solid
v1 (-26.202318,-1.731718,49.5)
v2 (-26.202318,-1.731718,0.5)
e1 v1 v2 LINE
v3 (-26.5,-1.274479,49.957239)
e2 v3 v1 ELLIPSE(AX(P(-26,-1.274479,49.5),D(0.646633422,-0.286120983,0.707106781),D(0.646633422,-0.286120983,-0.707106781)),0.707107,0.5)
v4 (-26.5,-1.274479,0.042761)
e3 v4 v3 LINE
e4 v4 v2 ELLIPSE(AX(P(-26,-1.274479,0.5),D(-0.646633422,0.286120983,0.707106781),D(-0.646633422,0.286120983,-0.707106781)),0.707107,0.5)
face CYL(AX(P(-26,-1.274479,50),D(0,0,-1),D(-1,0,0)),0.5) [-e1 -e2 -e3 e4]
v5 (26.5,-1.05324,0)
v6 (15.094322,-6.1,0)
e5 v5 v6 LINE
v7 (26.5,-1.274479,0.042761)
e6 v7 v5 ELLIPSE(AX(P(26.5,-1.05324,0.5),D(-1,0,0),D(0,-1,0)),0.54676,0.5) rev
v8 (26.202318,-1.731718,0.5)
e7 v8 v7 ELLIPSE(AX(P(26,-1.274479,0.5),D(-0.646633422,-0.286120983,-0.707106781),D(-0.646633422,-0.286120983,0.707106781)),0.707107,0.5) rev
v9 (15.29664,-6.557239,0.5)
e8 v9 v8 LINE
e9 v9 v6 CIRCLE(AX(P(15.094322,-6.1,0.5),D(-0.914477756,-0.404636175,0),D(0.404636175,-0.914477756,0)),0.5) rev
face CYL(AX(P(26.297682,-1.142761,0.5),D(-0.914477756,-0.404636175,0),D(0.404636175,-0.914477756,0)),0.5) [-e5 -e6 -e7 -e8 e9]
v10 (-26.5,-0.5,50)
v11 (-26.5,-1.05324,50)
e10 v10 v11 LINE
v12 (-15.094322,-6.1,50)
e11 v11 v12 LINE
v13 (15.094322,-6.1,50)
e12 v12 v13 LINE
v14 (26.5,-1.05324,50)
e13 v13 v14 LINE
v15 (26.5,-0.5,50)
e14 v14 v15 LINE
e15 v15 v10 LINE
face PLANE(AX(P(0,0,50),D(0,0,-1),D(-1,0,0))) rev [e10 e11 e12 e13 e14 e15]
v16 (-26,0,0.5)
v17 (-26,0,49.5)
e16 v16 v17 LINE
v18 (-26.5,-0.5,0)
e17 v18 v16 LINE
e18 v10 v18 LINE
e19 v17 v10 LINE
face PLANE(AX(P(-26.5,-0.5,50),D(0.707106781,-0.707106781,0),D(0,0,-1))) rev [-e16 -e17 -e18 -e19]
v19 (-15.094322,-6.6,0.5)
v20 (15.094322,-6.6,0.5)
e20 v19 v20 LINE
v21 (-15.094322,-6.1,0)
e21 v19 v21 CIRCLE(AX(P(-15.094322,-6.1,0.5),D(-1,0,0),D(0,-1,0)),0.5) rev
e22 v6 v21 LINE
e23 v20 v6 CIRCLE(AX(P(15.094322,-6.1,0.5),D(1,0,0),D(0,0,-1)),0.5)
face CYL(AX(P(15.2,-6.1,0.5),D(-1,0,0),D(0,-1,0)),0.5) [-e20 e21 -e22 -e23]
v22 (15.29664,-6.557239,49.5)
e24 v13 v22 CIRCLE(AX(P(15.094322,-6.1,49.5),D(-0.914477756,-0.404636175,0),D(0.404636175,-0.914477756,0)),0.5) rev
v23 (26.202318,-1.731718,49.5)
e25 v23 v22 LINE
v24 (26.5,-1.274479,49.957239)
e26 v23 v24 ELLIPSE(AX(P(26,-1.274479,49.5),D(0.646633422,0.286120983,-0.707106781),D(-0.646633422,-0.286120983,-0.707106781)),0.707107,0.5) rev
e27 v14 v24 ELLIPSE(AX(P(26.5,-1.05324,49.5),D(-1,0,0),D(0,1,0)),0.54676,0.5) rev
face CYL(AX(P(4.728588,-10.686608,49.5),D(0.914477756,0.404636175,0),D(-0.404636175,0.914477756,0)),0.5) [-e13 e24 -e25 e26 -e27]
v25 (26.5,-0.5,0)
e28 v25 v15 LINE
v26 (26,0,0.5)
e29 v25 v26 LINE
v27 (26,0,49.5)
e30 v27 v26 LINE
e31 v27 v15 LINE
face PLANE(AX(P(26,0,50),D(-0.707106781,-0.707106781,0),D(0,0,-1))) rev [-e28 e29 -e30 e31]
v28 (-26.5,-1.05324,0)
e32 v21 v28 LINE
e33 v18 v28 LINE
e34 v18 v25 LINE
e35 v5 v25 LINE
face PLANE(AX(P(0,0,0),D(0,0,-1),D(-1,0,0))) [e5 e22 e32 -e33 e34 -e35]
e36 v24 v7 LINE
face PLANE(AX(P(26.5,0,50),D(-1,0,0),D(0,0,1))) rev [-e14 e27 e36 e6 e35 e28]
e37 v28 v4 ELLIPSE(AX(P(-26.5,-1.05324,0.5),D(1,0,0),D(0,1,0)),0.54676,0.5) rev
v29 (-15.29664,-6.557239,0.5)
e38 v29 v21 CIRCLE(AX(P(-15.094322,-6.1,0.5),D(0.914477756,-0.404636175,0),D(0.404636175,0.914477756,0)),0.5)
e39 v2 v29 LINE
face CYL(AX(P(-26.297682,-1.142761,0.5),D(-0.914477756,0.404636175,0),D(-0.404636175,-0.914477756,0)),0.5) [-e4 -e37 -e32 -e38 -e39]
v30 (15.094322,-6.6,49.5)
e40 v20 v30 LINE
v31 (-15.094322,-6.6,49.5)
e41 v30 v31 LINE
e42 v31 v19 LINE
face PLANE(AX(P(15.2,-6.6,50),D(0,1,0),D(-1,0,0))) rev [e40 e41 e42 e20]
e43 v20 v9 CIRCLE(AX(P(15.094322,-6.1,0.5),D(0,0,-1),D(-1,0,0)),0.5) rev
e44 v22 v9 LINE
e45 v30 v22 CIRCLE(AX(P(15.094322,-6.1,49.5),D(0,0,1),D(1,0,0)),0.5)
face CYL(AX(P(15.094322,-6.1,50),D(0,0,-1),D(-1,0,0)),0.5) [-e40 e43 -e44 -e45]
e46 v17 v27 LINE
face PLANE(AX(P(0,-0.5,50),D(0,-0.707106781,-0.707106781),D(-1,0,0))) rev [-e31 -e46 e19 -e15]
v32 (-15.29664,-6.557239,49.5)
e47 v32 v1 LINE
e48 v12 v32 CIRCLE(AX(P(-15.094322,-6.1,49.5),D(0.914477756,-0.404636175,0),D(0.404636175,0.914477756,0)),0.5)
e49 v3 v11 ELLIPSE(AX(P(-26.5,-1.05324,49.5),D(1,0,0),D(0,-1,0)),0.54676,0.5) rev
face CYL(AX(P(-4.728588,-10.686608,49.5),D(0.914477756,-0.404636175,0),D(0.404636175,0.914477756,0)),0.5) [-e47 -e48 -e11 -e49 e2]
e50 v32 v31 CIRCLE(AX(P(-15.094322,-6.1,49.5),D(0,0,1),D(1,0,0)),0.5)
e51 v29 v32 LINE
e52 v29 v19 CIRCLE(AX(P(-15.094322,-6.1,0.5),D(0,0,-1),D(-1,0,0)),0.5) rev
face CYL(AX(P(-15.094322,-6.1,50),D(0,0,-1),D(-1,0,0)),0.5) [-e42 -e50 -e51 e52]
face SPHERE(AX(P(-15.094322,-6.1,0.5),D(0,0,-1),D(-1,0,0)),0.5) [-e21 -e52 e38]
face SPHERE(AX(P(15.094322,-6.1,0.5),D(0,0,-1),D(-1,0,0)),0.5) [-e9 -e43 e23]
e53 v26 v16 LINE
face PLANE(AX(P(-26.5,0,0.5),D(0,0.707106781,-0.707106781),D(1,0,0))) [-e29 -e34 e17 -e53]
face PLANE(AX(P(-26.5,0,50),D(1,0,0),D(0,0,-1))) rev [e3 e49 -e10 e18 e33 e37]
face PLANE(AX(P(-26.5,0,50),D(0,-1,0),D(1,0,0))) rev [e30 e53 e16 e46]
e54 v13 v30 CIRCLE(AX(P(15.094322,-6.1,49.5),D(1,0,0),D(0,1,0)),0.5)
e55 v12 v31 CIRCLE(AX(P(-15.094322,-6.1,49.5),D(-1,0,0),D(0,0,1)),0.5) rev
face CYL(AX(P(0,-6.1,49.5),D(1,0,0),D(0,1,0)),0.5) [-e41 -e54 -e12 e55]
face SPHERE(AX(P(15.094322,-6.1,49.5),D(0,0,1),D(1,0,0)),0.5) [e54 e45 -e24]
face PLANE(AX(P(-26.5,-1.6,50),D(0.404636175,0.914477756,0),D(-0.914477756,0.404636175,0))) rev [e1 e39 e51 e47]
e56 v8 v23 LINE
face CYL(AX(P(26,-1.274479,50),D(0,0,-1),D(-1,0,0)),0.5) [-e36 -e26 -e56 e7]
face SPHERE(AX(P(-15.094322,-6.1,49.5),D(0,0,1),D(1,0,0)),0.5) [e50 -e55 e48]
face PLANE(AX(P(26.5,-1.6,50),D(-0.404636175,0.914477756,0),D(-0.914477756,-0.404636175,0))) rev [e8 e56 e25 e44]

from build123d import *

# Parameters (mm, degrees)
EXTRUDE_1_DEPTH = 50
CHAMFER_1_SIZE  = 0.5
FILLET_1_R      = 0.5


with BuildPart() as part:
    # Эскиз1 → Бобышка-Вытянуть1 (new body)
    with BuildSketch(Plane.XY):
        Polygon((-26.5, 0), (26.5, 0), (26.5, -1.6), (15.2, -6.6), (-15.2, -6.6), (-26.5, -1.6), align=None)
    extrude(amount=EXTRUDE_1_DEPTH)

    # Фаска1
    chamfer_1_edges = [part.edges().sort_by_distance(p)[0] for p in [
        (-26.5, 0, 25),
        (26.5, 0, 25),
        (0, 0, 0),
        (0, 0, 50),
    ]]
    chamfer(chamfer_1_edges, length=CHAMFER_1_SIZE)

    # Скругление1
    fillet_1_edges = [part.edges().sort_by_distance(p)[0] for p in [
        (26.5, -1.6, 25),
        (15.2, -6.6, 25),
        (-15.2, -6.6, 25),
        (-26.5, -1.6, 25),
        (-20.85, -4.1, 50),
        (0, -6.6, 50),
        (20.85, -4.1, 50),
        (20.85, -4.1, 0),
        (0, -6.6, 0),
        (-20.85, -4.1, 0),
    ]]
    fillet(fillet_1_edges, radius=FILLET_1_R)


solid = part.part
